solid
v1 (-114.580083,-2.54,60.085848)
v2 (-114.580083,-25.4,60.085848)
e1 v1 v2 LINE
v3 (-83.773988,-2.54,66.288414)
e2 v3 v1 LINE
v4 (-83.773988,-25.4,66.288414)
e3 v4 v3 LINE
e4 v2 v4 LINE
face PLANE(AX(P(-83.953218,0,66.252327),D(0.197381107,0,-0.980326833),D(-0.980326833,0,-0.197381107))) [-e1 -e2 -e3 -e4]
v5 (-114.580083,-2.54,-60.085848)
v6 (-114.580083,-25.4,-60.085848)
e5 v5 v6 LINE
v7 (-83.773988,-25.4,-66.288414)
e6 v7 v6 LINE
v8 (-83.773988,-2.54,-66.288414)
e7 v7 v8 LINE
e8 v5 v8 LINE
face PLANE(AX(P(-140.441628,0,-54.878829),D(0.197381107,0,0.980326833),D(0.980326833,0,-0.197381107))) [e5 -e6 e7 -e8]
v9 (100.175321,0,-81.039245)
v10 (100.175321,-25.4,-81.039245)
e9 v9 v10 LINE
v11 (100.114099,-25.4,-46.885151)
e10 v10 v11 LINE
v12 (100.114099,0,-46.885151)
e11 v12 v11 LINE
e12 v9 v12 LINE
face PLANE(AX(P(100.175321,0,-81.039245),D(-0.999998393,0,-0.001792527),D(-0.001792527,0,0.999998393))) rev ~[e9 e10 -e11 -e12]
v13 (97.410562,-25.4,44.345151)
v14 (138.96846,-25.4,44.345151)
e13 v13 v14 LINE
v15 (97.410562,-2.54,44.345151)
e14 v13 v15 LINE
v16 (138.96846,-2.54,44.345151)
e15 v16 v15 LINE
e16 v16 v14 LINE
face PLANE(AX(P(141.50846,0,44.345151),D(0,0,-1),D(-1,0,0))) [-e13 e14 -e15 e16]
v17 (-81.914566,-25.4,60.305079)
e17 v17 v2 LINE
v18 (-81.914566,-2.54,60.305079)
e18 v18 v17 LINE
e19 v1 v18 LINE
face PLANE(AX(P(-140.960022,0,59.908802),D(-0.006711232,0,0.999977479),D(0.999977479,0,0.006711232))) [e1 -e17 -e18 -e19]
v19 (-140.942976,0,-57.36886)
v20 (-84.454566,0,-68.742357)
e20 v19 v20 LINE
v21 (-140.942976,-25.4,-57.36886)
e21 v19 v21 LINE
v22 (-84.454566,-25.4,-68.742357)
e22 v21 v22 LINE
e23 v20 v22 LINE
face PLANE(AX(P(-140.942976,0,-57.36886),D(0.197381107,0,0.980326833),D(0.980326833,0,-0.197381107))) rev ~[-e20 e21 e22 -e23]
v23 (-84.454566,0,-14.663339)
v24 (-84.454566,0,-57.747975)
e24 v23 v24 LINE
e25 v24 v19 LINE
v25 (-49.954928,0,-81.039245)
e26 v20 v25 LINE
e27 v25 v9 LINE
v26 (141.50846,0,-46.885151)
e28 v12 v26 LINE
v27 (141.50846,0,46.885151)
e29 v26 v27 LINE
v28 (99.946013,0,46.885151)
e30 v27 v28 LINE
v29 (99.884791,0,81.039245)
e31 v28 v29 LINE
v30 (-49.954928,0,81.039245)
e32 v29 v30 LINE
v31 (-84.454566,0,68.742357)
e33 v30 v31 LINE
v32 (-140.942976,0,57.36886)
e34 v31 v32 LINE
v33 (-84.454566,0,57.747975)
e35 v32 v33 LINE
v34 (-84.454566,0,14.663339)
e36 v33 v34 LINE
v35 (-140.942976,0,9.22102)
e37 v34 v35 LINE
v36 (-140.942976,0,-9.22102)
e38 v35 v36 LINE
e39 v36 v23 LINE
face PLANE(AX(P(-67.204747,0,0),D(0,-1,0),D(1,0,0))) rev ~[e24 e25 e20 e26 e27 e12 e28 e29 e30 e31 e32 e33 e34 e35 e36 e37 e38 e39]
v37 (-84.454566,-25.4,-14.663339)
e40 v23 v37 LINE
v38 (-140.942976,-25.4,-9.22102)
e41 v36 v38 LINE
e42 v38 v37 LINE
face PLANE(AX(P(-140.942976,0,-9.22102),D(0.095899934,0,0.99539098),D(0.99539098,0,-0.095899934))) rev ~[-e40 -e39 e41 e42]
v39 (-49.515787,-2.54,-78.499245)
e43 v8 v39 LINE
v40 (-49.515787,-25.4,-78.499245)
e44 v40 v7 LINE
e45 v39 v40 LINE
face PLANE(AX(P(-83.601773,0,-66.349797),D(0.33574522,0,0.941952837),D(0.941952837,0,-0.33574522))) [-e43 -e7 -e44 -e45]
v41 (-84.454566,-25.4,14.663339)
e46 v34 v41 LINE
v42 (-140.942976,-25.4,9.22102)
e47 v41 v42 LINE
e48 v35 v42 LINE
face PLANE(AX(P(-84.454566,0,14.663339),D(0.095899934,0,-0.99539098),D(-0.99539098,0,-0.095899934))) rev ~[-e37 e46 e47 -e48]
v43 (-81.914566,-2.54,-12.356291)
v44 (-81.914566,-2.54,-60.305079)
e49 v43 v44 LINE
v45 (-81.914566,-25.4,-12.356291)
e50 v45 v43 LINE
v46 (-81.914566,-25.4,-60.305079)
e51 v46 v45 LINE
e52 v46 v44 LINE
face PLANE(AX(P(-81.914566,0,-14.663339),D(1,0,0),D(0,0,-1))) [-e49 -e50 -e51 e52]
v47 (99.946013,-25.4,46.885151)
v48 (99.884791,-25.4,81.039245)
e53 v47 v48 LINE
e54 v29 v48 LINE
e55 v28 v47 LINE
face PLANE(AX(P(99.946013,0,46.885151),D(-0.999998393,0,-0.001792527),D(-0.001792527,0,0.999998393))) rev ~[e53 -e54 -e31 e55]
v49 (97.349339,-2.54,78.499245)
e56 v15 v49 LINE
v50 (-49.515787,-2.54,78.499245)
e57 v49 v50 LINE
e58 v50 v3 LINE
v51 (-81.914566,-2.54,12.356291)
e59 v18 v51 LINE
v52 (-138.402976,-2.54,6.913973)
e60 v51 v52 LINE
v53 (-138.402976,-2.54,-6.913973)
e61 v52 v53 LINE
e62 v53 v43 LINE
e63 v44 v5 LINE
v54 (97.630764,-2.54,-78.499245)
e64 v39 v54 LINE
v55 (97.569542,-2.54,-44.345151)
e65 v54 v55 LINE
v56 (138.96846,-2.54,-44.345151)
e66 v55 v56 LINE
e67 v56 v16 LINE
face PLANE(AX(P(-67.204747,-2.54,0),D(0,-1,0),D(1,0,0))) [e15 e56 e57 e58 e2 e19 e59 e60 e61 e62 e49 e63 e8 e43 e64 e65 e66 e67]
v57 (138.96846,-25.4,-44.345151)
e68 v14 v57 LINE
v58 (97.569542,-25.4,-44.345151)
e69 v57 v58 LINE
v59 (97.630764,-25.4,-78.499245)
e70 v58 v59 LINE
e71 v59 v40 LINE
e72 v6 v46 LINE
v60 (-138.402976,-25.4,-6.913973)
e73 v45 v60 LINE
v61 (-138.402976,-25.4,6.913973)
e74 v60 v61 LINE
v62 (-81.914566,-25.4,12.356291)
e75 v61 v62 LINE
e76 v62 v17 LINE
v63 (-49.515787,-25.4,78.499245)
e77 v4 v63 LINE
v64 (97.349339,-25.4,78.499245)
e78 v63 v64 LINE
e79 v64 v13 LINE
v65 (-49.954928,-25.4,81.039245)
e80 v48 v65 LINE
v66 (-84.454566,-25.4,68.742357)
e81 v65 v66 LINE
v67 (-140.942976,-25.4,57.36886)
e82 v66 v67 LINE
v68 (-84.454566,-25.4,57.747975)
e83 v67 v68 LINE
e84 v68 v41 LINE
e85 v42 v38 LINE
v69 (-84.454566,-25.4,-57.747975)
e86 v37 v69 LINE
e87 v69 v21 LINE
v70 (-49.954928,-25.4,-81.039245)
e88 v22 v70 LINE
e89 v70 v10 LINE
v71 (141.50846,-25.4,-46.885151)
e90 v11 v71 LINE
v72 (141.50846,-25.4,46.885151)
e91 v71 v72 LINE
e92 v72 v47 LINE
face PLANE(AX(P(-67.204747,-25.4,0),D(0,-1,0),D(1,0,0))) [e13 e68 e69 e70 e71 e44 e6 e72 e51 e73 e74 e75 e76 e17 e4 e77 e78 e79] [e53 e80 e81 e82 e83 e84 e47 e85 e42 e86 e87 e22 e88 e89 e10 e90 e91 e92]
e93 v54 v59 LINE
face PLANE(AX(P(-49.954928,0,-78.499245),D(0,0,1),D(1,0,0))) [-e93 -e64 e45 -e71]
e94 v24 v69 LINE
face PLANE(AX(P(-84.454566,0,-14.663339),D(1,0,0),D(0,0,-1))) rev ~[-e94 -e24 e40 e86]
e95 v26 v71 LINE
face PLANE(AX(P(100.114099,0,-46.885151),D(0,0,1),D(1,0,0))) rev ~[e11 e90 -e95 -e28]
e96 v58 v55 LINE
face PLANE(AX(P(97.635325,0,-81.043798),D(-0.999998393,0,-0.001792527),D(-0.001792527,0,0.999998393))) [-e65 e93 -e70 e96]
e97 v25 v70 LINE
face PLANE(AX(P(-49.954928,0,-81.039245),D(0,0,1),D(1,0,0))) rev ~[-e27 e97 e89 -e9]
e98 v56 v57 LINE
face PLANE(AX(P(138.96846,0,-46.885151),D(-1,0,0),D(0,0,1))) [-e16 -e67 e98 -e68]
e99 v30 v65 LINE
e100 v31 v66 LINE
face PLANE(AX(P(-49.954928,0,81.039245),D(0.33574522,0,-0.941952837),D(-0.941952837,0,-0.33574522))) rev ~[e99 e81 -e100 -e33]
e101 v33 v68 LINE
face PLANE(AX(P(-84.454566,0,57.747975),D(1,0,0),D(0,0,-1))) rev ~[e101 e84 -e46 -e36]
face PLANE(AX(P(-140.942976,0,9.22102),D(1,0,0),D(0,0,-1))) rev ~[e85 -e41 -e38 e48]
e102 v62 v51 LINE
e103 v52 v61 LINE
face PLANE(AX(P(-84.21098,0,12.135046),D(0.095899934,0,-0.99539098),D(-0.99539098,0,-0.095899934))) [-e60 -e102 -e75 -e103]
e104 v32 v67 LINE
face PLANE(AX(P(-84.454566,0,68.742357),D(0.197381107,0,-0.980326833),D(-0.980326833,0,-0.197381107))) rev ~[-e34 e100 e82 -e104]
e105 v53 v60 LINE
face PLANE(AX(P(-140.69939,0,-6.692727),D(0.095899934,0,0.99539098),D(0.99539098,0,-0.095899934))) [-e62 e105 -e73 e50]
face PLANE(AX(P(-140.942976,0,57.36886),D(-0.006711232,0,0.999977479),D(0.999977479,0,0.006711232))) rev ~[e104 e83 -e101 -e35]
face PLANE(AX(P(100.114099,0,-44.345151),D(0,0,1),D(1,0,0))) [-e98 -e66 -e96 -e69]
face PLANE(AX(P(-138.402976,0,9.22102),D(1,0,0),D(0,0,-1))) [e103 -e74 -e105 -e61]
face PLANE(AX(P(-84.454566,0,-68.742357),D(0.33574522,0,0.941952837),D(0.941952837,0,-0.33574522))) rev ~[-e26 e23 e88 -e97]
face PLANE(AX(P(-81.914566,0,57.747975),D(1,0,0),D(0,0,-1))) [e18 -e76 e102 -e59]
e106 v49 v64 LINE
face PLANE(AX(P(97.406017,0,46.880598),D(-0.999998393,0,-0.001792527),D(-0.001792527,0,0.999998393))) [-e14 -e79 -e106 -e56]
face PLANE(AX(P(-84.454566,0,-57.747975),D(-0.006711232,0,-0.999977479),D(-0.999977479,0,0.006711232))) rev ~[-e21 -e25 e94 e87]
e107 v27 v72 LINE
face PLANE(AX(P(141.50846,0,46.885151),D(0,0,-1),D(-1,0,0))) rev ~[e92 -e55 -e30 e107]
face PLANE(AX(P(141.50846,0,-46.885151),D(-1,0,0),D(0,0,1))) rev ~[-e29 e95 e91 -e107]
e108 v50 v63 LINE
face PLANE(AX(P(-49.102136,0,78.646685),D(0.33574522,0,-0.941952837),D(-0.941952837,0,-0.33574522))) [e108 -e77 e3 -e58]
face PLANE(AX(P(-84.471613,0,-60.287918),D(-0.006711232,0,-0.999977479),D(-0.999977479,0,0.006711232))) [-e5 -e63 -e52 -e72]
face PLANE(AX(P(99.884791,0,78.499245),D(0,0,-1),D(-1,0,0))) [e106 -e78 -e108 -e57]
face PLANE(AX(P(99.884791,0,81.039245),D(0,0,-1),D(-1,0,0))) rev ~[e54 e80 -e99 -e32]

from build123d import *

# Parameters (mm, degrees)
F1_DEPTH = 25.4
F2_T     = -2.54


with BuildPart() as f1:
    # F0 (on Front) → F1 (new body)
    with BuildSketch(Plane.XZ):
        Polygon((-49.9549284577, -57.7479749918), (-49.9549284577, 57.7479749918), (-84.4545662403, 57.7479749918), (-84.4545662403, 14.6633386612), (-84.4545662403, -14.6633386612), (-84.4545662403, -57.7479749918), align=None)
        Polygon((-84.4545662403, 57.7479749918), (-84.4545662403, 68.7423571944), (-140.9429758787, 57.3688596487), align=None)
        Polygon((-84.4545662403, -14.6633386612), (-84.4545662403, 14.6633386612), (-140.9429758787, 9.2210201547), (-140.9429758787, -9.2210201547), align=None)
        Polygon((-140.9429758787, -57.3688596487), (-84.4545662403, -68.7423571944), (-84.4545662403, -57.7479749918), align=None)
        Polygon((-84.4545662403, -68.7423571944), (-49.9549284577, -81.0392451267), (-49.9549284577, -57.7479749918), (-84.4545662403, -57.7479749918), align=None)
        Polygon((0, -81.0392451267), (0, 81.0392451267), (-49.9549284577, 81.0392451267), (-49.9549284577, 57.7479749918), (-49.9549284577, -57.7479749918), (-49.9549284577, -81.0392451267), align=None)
        Polygon((99.88479051, 81.0392451267), (0, 81.0392451267), (0, -81.0392451267), (100.1753211021, -81.0392451267), (100.1140988569, -46.8851514161), (99.9460127552, 46.8851514161), align=None)
        Polygon((141.5084600449, 46.8851514161), (99.9460127552, 46.8851514161), (100.1140988569, -46.8851514161), (141.5084600449, -46.8851514161), (141.5084600449, 0), align=None)
        Polygon((-49.9549284577, 57.7479749918), (-49.9549284577, 81.0392451267), (-84.4545662403, 68.7423571944), (-84.4545662403, 57.7479749918), align=None)
    extrude(amount=F1_DEPTH)

    # F2
    f2_openings = [f1.faces().sort_by_distance(p)[0] for p in [
        (14.722317, -25.4, -0.014513),
    ]]
    offset(amount=F2_T, openings=f2_openings, kind=Kind.INTERSECTION)


solid = f1.part
